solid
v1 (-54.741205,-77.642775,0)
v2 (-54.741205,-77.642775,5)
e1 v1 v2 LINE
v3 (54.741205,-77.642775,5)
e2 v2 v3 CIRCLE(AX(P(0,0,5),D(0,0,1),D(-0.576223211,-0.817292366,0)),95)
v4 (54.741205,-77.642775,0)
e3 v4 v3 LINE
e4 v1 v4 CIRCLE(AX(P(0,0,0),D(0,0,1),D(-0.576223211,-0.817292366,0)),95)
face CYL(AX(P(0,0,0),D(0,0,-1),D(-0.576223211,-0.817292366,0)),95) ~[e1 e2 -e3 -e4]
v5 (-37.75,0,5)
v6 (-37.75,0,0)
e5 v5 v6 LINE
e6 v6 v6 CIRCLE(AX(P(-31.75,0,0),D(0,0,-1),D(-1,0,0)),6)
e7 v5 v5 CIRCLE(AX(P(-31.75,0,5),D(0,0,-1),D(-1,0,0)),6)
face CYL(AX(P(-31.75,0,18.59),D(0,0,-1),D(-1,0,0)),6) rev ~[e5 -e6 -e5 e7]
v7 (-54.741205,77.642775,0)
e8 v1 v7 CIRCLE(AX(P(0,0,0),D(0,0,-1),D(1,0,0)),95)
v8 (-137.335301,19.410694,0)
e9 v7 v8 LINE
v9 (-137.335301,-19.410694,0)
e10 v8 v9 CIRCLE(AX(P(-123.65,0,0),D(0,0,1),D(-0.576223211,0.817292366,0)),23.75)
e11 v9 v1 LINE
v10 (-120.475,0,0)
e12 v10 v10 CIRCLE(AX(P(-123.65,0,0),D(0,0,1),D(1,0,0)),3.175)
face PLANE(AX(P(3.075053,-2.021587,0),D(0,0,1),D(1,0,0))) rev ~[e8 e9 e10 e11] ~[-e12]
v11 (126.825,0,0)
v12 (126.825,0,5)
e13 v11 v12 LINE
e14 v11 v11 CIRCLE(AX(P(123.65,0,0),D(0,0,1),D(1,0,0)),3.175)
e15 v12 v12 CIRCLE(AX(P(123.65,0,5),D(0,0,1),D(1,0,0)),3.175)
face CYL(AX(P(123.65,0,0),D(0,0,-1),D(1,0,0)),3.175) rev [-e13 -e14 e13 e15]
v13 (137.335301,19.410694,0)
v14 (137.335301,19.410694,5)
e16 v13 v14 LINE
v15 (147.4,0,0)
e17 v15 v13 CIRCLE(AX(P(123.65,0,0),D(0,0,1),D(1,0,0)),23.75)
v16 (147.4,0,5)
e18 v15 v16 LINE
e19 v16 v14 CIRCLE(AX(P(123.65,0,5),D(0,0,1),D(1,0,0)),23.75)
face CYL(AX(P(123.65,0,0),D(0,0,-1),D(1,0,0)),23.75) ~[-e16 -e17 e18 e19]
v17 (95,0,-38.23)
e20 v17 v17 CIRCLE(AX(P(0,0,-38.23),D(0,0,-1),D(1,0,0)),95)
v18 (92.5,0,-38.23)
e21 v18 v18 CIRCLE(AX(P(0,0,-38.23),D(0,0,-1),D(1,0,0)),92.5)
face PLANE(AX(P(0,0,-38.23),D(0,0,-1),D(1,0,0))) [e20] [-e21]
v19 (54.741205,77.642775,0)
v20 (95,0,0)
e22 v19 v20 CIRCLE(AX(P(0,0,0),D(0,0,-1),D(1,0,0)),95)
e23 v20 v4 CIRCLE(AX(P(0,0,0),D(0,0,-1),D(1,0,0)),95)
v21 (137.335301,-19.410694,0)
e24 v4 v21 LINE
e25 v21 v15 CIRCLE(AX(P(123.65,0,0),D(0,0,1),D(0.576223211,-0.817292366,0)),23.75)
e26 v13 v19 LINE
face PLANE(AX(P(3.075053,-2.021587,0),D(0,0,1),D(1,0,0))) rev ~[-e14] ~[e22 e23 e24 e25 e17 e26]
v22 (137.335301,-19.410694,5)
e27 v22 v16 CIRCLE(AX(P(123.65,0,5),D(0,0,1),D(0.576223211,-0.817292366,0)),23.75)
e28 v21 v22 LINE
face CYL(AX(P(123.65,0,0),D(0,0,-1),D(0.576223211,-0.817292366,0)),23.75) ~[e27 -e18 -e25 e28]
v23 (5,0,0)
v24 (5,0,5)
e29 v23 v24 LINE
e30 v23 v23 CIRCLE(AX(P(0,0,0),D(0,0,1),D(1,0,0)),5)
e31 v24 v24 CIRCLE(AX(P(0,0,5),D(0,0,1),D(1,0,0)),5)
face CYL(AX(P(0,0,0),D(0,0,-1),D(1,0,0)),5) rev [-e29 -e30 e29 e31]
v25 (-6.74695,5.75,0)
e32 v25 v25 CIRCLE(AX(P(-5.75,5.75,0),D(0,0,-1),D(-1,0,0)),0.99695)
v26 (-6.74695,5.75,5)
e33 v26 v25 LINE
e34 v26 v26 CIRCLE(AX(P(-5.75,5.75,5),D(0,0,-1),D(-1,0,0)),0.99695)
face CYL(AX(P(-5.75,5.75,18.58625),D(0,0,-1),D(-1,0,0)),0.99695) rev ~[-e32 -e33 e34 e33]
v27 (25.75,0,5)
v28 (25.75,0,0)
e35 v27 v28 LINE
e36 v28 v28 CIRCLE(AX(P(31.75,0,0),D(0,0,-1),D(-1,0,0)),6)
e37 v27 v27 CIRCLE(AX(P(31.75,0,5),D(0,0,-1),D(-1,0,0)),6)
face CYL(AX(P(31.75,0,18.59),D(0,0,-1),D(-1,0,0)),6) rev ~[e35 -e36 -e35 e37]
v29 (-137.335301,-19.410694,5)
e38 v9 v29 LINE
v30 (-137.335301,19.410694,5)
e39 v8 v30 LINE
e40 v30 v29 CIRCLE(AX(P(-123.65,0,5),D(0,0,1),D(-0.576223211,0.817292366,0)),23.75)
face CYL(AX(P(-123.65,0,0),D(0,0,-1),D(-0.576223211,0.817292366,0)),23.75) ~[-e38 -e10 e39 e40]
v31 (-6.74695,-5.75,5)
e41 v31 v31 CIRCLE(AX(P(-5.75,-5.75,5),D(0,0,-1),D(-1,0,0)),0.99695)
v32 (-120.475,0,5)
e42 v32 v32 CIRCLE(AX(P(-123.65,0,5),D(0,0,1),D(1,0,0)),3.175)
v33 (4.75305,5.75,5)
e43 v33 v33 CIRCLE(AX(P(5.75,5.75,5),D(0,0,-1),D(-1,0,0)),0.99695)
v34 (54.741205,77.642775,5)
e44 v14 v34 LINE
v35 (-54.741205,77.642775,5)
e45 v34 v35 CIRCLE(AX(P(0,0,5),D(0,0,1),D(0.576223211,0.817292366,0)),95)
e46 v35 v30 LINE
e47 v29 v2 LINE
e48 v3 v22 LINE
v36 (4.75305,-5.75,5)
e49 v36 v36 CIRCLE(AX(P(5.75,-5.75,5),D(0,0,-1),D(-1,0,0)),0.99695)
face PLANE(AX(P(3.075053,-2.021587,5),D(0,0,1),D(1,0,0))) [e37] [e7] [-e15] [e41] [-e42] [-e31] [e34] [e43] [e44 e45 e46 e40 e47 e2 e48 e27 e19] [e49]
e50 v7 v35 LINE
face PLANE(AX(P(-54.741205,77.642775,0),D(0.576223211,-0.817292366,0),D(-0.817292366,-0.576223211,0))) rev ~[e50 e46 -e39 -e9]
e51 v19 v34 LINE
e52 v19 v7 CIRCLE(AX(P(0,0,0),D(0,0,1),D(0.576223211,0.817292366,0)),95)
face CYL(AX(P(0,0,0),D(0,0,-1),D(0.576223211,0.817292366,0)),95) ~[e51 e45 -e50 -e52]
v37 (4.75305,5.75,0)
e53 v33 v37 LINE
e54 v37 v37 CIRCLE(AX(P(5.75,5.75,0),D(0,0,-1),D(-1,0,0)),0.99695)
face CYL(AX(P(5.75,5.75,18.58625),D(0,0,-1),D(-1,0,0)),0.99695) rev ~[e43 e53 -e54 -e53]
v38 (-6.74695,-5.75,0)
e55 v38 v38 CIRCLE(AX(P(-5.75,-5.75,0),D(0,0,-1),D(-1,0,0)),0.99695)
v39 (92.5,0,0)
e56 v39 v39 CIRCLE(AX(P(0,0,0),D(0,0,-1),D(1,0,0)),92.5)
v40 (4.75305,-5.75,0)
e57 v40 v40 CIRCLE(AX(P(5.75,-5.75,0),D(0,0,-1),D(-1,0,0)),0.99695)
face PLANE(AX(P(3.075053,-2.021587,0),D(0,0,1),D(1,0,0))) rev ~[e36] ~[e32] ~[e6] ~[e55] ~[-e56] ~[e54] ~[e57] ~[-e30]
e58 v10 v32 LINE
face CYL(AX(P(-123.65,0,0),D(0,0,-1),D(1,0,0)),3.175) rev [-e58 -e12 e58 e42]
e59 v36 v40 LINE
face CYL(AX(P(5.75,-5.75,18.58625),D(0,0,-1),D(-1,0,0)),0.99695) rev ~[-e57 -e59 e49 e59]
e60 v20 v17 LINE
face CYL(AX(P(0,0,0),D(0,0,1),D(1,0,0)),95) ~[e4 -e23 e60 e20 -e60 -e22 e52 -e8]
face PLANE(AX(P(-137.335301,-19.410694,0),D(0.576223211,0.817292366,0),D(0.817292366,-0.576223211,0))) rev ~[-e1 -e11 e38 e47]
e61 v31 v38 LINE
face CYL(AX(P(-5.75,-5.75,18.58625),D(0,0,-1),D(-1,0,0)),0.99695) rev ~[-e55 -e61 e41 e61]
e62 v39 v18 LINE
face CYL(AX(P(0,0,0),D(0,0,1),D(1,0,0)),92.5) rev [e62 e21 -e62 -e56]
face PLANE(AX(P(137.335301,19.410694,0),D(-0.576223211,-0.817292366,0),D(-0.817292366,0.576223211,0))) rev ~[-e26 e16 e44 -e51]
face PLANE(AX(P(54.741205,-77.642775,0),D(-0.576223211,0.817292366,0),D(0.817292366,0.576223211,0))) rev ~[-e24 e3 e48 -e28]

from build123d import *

# Parameters (mm, degrees)
F0_R     = 5
F0_R_2   = 3.175
F1_DEPTH = 5
F2_R     = 95
F2_R_2   = 92.5
F3_DEPTH = 38.23
F6_D     = 1.9939
F6_DEPTH = 13.58625
F6_TIP   = 0.5990279941
F7_D     = 12
F7_DEPTH = 13.59
F7_TIP   = 3.6051637142


with BuildPart() as f1:
    # F0 (on Top) → F1 (new body)
    with BuildSketch(Plane.XY):
        with BuildLine():
            ThreePointArc((54.7412050142, -77.6427747675), (84.3368676094, -43.7297697436), (95, 0))
            ThreePointArc((95, 0), (84.3368676094, 43.7297697436), (54.7412050142, 77.6427747675))
            ThreePointArc((54.7412050142, 77.6427747675), (0, 95), (-54.7412050142, 77.6427747675))
            ThreePointArc((-54.7412050142, 77.6427747675), (-95, 0), (-54.7412050142, -77.6427747675))
            ThreePointArc((-54.7412050142, -77.6427747675), (0, -95), (54.7412050142, -77.6427747675))
        make_face()
        Circle(F0_R, mode=Mode.SUBTRACT)
        with BuildLine():
            ThreePointArc((54.7412050142, 77.6427747675), (84.3368676094, 43.7297697436), (95, 0))
            ThreePointArc((95, 0), (84.3368676094, -43.7297697436), (54.7412050142, -77.6427747675))
            Line((54.7412050142, -77.6427747675), (137.3353012535, -19.4106936919))
            ThreePointArc((137.3353012535, -19.4106936919), (99.9, 0), (137.3353012535, 19.4106936919))
            Line((137.3353012535, 19.4106936919), (54.7412050142, 77.6427747675))
        make_face()
        with BuildLine():
            ThreePointArc((-54.7412050142, -77.6427747675), (-95, 0), (-54.7412050142, 77.6427747675))
            Line((-54.7412050142, 77.6427747675), (-137.3353012535, 19.4106936919))
            ThreePointArc((-137.3353012535, 19.4106936919), (-112.7175575641, 21.0842169024), (-99.9, 0))
            ThreePointArc((-99.9, 0), (-112.7175575641, -21.0842169024), (-137.3353012535, -19.4106936919))
            Line((-137.3353012535, -19.4106936919), (-54.7412050142, -77.6427747675))
        make_face()
        with BuildLine():
            ThreePointArc((147.4, 0), (144.7342169024, 10.9324424359), (137.3353012535, 19.4106936919))
            ThreePointArc((137.3353012535, 19.4106936919), (99.9, 0), (137.3353012535, -19.4106936919))
            ThreePointArc((137.3353012535, -19.4106936919), (144.7342169024, -10.9324424359), (147.4, 0))
        make_face()
        with Locations((123.65, 0)):
            Circle(F0_R_2, mode=Mode.SUBTRACT)
        with BuildLine():
            ThreePointArc((-99.9, 0), (-112.7175575641, 21.0842169024), (-137.3353012535, 19.4106936919))
            ThreePointArc((-137.3353012535, 19.4106936919), (-147.4, 0), (-137.3353012535, -19.4106936919))
            ThreePointArc((-137.3353012535, -19.4106936919), (-112.7175575641, -21.0842169024), (-99.9, 0))
        make_face()
        with Locations((-123.65, 0)):
            Circle(F0_R_2, mode=Mode.SUBTRACT)
    extrude(amount=F1_DEPTH)

    # F2 (on face) → F3 (join)
    with BuildSketch(Plane(origin=(0, 0, 0), x_dir=(1, 0, 0), z_dir=(0, 0, -1))):
        Circle(F2_R)
        Circle(F2_R_2, mode=Mode.SUBTRACT)
    extrude(amount=F3_DEPTH)

    # F6
    with Locations(Plane.XY.offset(5)):
        with Locations((-5.75, 5.75), (5.75, 5.75), (5.75, -5.75), (-5.75, -5.75)):
            Hole(F6_D / 2, depth=F6_DEPTH)
            with Locations((0, 0, -(F6_DEPTH + F6_TIP / 2))):  # 118° drill point
                Cone(0, F6_D / 2, F6_TIP, mode=Mode.SUBTRACT)

    # F7
    with Locations(Plane.XY.offset(5)):
        with Locations((-31.75, 0), (31.75, 0)):
            Hole(F7_D / 2, depth=F7_DEPTH)
            with Locations((0, 0, -(F7_DEPTH + F7_TIP / 2))):  # 118° drill point
                Cone(0, F7_D / 2, F7_TIP, mode=Mode.SUBTRACT)


solid = f1.part
